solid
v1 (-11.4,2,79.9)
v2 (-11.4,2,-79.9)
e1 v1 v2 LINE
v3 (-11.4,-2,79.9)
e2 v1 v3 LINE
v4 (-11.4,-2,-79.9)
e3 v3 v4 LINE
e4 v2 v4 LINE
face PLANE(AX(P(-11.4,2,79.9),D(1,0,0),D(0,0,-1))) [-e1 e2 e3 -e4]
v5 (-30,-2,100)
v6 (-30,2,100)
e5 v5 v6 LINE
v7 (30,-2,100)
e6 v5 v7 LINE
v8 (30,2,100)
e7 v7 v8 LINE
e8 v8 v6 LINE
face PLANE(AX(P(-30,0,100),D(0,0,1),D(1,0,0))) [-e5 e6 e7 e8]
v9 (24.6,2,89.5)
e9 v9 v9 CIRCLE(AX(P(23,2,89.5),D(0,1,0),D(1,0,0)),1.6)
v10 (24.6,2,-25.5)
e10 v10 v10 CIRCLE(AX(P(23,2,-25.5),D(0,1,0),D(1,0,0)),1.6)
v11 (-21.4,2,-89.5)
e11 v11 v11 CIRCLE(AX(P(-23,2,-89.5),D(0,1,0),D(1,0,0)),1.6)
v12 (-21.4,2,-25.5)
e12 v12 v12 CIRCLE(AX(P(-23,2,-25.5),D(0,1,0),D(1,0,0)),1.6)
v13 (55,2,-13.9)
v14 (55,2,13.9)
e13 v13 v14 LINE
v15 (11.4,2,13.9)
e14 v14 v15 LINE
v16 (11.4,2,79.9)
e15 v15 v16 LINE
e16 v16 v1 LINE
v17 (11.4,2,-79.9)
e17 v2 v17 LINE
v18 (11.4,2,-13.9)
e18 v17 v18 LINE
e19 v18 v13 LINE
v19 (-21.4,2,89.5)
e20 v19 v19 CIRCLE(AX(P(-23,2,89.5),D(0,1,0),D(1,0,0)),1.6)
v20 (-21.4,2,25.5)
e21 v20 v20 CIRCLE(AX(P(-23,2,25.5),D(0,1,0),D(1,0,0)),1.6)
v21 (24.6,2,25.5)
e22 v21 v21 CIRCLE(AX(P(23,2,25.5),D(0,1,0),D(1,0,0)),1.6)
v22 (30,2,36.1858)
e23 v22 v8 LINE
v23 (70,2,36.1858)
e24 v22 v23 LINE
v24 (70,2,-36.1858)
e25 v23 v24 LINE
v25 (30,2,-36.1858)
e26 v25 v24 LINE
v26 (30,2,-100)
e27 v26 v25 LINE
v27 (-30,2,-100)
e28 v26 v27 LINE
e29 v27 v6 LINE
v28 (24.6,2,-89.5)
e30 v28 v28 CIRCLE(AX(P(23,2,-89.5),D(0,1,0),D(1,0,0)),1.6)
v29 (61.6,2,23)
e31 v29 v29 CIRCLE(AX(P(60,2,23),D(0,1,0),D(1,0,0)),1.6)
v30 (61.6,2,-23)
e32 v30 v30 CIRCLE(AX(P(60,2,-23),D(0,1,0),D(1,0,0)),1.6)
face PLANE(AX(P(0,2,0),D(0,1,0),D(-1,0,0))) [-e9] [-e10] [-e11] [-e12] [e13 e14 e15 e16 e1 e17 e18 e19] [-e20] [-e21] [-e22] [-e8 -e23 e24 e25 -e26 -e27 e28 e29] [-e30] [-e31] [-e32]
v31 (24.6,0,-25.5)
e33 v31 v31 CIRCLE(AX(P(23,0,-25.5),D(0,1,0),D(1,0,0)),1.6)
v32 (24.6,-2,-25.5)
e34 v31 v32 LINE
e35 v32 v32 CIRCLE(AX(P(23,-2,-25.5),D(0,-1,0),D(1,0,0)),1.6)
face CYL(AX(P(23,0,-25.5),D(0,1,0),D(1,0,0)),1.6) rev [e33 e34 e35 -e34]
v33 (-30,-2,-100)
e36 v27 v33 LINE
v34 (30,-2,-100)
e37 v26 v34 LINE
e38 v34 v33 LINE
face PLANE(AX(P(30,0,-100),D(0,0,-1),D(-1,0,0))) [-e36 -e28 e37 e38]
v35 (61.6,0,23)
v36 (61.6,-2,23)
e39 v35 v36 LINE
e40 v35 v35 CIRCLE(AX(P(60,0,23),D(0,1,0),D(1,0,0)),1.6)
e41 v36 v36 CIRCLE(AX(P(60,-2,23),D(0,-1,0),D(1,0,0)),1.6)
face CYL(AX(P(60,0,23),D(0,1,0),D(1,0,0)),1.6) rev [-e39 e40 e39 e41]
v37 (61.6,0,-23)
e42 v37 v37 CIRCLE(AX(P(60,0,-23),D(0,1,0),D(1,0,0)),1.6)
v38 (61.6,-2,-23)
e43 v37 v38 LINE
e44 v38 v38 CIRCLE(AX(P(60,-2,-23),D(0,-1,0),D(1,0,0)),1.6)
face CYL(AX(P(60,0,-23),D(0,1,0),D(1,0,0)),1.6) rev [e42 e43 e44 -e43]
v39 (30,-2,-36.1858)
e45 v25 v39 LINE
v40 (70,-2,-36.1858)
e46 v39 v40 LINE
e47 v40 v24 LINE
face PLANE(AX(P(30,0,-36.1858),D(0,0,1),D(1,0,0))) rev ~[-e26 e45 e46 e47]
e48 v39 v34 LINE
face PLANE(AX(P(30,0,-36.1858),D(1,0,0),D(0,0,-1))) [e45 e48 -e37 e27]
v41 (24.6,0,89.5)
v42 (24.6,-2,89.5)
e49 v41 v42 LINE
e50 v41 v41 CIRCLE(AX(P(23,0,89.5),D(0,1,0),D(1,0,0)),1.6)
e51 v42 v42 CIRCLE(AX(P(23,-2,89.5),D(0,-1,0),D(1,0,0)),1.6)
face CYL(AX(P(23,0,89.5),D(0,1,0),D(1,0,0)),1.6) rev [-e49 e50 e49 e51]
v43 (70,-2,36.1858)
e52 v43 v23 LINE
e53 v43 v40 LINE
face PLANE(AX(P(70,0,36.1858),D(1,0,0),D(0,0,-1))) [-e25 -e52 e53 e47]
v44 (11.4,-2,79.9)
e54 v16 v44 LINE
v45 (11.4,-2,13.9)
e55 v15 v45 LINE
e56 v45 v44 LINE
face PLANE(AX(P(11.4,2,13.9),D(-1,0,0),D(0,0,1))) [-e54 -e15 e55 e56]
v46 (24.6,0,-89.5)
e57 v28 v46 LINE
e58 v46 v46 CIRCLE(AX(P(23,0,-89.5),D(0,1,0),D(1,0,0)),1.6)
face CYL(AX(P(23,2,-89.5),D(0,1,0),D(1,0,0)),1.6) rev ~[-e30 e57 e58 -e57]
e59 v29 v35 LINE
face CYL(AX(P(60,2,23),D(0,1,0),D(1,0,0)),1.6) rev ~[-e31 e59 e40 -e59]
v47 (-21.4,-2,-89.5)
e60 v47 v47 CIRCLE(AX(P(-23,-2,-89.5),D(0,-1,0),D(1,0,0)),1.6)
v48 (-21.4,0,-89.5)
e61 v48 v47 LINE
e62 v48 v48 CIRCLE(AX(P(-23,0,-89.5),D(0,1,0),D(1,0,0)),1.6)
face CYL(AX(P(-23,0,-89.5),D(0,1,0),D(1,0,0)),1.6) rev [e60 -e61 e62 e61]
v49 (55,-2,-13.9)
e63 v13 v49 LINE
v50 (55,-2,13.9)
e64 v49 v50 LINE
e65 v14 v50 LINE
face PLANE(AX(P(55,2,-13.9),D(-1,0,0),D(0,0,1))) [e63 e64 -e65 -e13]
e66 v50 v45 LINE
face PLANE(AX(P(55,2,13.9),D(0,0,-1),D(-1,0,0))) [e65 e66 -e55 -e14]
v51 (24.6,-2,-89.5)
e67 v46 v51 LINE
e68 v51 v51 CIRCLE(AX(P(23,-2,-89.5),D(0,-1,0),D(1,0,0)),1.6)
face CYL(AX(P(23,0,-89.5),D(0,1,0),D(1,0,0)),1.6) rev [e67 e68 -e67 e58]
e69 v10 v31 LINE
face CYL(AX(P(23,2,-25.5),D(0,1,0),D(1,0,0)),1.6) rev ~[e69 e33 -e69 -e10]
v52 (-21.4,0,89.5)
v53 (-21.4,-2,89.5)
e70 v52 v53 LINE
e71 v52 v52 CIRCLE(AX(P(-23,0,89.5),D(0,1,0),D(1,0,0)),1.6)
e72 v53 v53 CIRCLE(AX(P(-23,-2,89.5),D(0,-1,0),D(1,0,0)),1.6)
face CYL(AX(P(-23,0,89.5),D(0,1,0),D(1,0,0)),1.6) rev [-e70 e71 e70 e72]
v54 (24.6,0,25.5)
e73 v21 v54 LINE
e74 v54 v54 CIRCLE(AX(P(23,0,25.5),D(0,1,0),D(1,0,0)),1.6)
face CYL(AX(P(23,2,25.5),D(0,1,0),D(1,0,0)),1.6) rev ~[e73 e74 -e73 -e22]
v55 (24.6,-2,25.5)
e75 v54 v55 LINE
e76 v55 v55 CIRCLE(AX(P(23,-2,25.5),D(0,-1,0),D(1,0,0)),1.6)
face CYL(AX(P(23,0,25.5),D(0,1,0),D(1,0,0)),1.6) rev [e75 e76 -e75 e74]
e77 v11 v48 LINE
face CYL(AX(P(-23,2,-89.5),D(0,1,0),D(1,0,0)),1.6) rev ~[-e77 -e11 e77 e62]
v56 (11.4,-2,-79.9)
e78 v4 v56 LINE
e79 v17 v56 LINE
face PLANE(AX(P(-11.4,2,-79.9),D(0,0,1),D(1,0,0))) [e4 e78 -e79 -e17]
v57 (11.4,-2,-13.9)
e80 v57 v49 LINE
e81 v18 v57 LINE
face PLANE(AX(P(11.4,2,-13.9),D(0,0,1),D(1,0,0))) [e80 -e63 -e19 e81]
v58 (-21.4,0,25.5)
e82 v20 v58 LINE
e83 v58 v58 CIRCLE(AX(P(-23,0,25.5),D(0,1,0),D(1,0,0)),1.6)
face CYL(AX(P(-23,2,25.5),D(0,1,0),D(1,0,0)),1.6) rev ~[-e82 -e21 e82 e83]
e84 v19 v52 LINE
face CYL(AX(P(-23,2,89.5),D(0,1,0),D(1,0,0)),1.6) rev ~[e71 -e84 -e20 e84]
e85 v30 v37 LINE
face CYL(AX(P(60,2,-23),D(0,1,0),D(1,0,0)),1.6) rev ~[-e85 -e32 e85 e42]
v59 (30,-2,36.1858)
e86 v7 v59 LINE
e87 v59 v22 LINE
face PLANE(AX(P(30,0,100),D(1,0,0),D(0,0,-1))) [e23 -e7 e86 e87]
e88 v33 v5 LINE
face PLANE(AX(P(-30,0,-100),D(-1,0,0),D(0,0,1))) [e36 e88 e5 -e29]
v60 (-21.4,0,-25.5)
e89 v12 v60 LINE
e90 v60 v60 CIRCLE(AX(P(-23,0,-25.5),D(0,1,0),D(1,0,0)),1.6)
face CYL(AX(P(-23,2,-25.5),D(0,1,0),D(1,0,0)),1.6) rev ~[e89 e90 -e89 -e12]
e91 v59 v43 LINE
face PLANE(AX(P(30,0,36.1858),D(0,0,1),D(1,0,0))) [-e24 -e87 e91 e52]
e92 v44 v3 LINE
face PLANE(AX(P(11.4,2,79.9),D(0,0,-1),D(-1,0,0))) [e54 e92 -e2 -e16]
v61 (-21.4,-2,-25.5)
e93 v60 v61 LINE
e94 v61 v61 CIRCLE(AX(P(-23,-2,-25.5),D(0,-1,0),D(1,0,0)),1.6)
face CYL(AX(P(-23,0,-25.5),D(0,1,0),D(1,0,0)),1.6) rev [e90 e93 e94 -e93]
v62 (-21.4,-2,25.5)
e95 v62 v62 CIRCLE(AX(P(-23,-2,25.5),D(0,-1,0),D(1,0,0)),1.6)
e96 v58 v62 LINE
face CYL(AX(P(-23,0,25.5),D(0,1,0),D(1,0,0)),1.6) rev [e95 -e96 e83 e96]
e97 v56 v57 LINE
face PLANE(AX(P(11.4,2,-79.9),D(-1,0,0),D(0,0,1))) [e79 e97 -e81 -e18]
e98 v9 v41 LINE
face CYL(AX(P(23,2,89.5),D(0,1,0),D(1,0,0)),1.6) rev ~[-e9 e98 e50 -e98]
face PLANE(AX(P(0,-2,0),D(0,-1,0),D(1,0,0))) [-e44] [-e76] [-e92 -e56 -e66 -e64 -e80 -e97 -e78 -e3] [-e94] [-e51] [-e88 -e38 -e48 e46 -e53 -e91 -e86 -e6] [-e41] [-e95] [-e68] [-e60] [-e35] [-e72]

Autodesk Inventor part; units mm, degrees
ref_plane "YZ Plane" through (0, 0, 0) normal (1, 0, 0) x (0, 1, 0)
ref_plane "XZ Plane" through (0, 0, 0) normal (0, 1, 0) x (-1, 0, 0)
ref_plane "XY Plane" through (0, 0, 0) normal (0, 0, 1) x (1, 0, 0)
sketch "Skizze1" plane through (0, 0, 0) normal (0, 1, 0) x (-1, 0, 0)
  line L0 (-30, 100) -> (30, 100)
  line L1 (30, 100) -> (30, -100)
  line L2 (30, -100) -> (-30, -100)
  line L3 (-30, -100) -> (-30, 100)
  line L4 (-30, 100) -> (30, -100) construction
  line L5 (30, 100) -> (-30, -100) construction
  line L6 (0, -140) -> (0, 140) projected
  line L7 (-42, 0) -> (42, 0) projected
  point P0 (0, 0)
  point P1 (0, 0)
  dimension "d0" = 60
  dimension "d1" = 200
extrude "Extrusion1" add sketch "Skizze1" along normal blind 2
sketch "Skizze3" plane through (30, 0, 100) normal (1, 0, 0) x (0, 0, -1)
  line L0 (200, 2) -> (0, 2) projected
  line L1 (200, 0) -> (0, 0) projected
  line L2 (63.8142, 2) -> (136.1858, 2)
  line L3 (136.1858, 2) -> (136.1858, 0)
  line L4 (136.1858, 0) -> (63.8142, 0)
  line L5 (63.8142, 0) -> (63.8142, 2)
  line L6 (100, -0.4) -> (100, 2.4) projected
  point P0 (100, 0)
extrude "Extrusion3" add sketch "Skizze3" along normal blind 40
sketch "Skizze2" plane through (0, 2, 0) normal (0, 1, 0) x (1, 0, 0)
  line L0 (0, 140) -> (0, -140) projected
  line L1 (90, 0) -> (-50, 0) projected
  circle A0 centre (-23, 89.5) radius 1.6
  circle A1 centre (23, 89.5) radius 1.6
  line L2 (30, 100) -> (-30, 100) projected
  circle A2 centre (-23, 25.5) radius 1.6
  circle A3 centre (23, 25.5) radius 1.6
  circle A4 centre (-23, -89.5) radius 1.6
  circle A5 centre (23, -89.5) radius 1.6
  circle A6 centre (-23, -25.5) radius 1.6
  circle A7 centre (23, -25.5) radius 1.6
  line L3 (25, 83.9) -> (25, 31.1)
  line L4 (-25, 31.1) -> (-25, 83.9)
  line L5 (-30, 100) -> (-30, -100) projected
  line L6 (30, -100) -> (30, 100) projected
  line L7 (-17.4, 96) -> (17.4, 96)
  line L8 (17.4, 96) -> (17.4, 83.9)
  line L9 (-17.4, 83.9) -> (-17.4, 96)
  line L10 (-25, 83.9) -> (-17.4, 83.9)
  line L11 (17.4, 83.9) -> (25, 83.9)
  line L12 (17.4, -96) -> (-17.4, -96)
  line L13 (25, 31.1) -> (17.4, 31.1)
  line L14 (-17.4, 31.1) -> (-25, 31.1)
  line L15 (-30, -100) -> (30, -100) projected
  line L16 (-17.4, -31.1) -> (-26, -31.1)
  line L17 (-26, -31.1) -> (-26, -83.9)
  line L18 (-26, -83.9) -> (-17.4, -83.9)
  line L19 (17.4, -31.1) -> (26, -31.1)
  line L20 (26, -31.1) -> (26, -83.9)
  line L21 (26, -83.9) -> (17.4, -83.9)
  line L22 (-17.4, 19.9) -> (-26, 19.9)
  line L23 (-26, 19.9) -> (-26, -19.9)
  line L24 (-26, -19.9) -> (-17.4, -19.9)
  line L25 (17.4, 19.9) -> (26, 19.9)
  line L26 (26, 19.9) -> (26, -19.9)
  line L27 (26, -19.9) -> (17.4, -19.9)
  line L28 (-17.4, 19.9) -> (-17.4, 31.1)
  line L29 (17.4, 31.1) -> (17.4, 19.9)
  line L30 (17.4, -19.9) -> (17.4, -31.1)
  line L31 (17.4, -83.9) -> (17.4, -96)
  line L32 (-17.4, -96) -> (-17.4, -83.9)
  line L33 (-17.4, -31.1) -> (-17.4, -19.9)
  circle A8 centre (60, 23) radius 1.6
  circle A9 centre (60, -23) radius 1.6
  line L34 (30, 32.1858) -> (54.4, 32.1858)
  line L35 (54.4, -32.1858) -> (30, -32.1858)
  line L36 (30, -32.1858) -> (30, 32.1858)
  line L37 (30, -36.1858) -> (70, -36.1858) projected
  line L38 (30, 36.1858) -> (70, 36.1858) projected
  line L39 (54.4, 17.4) -> (66, 17.4)
  line L40 (66, 17.4) -> (66, -17.4)
  line L41 (66, -17.4) -> (54.4, -17.4)
  line L42 (70, 36.1858) -> (70, -36.1858) projected
  line L43 (54.4, 32.1858) -> (66, 32.1858)
  line L44 (66, 32.1858) -> (66, 28.6)
  line L45 (66, 28.6) -> (54.4, 28.6)
  line L46 (54.4, -28.6) -> (66, -28.6)
  line L47 (66, -28.6) -> (66, -32.1858)
  line L48 (66, -32.1858) -> (54.4, -32.1858)
  line L49 (54.4, 28.6) -> (54.4, 17.4)
  line L50 (54.4, -17.4) -> (54.4, -28.6)
  point P0 (0, 0)
  dimension "d2" = 2
  dimension "d4" = 3.2
  dimension "d5" = 3.2
  dimension "d6" = 10.5
  dimension "d7" = 10.5
  dimension "d8" = 23
  dimension "d9" = 23
  dimension "d10" = 3.2
  dimension "d11" = 3.2
  dimension "d12" = 23
  dimension "d13" = 23
  dimension "d14" = 25.5
  dimension "d15" = 25.5
  dimension "d16" = 5
  dimension "d17" = 5
  dimension "d23" = 4
  dimension "d24" = 4
  dimension "d25" = 4
  dimension "d26" = 4
  dimension "d27" = 4
  dimension "d30" = 4
  dimension "d31" = 4
  dimension "d33" = 4
  dimension "d34" = 4
  dimension "d35" = 4
  dimension "d36" = 4
  dimension "d37" = 4
  dimension "d38" = 4
  dimension "d39" = 4
  dimension "d40" = 4
  dimension "d41" = 4
  dimension "d42" = 4
  dimension "d43" = 4
  dimension "d44" = 4
  dimension "d45" = 4
  dimension "d48" = 12.6
  dimension "d49" = 12.6
  dimension "d50" = 12.6
  dimension "d51" = 12.6
  dimension "d52" = 12.6
  dimension "d53" = 12.6
  dimension "d58" = 3.2
  dimension "d59" = 3.2
  dimension "d60" = 23
  dimension "d61" = 23
  dimension "d64" = 37
  dimension "d65" = 37
  dimension "d66" = 4
  dimension "d68" = 4
  dimension "d69" = 4
  dimension "d70" = 4
  dimension "d71" = 4
  dimension "d72" = 4
  dimension "d73" = 4
  dimension "d74" = 4
  dimension "d75" = 4
  dimension "d76" = 4
  dimension "d77" = 15.6
  dimension "d78" = 15.6
extrude "Extrusion2" cut sketch "Skizze2" against normal up to surface (2 mm away) contours A0 | A1 | A2 | A3 | A4 | A5 | A6 | A7 | A8 | A9
sketch "Skizze4" plane through (0, 0, 0) normal (0, -1, 0) x (1, 0, 0)
  circle A0 centre (-23, -89.5) radius 1.6 projected
  circle A1 centre (60, -23) radius 1.6 projected
  circle A2 centre (23, -25.5) radius 1.6 projected
  circle A3 centre (-23, 89.5) radius 1.6 projected
  circle A4 centre (23, 25.5) radius 1.6 projected
  circle A5 centre (23, -89.5) radius 1.6 projected
  circle A6 centre (60, 23) radius 1.6 projected
  circle A7 centre (-23, -25.5) radius 1.6 projected
  circle A8 centre (23, 89.5) radius 1.6 projected
  circle A9 centre (-23, 25.5) radius 1.6 projected
  line L0 (-30, -100) -> (-30, 100) projected
  line L1 (30, -100) -> (-30, -100) projected
  line L2 (30, -36.1858) -> (30, -100) projected
  line L3 (30, -36.1858) -> (70, -36.1858) projected
  line L4 (70, 36.1858) -> (70, -36.1858) projected
  line L5 (30, 36.1858) -> (70, 36.1858) projected
  line L6 (30, 100) -> (30, 36.1858) projected
  line L7 (-30, 100) -> (30, 100) projected
  point P0 (0, 0)
extrude "Extrusion4" add sketch "Skizze4" along normal blind 2
sketch "Skizze5" plane through (0, 2, 0) normal (0, 1, 0) x (1, 0, 0)
  line L0 (-11.4, 79.9) -> (11.4, 79.9)
  line L1 (11.4, -79.9) -> (-11.4, -79.9)
  line L2 (-11.4, -79.9) -> (-11.4, 79.9)
  circle A0 centre (-23, 25.5) radius 1.6 projected
  circle A1 centre (23, 25.5) radius 1.6 projected
  circle A2 centre (23, 89.5) radius 1.6 projected
  circle A3 centre (-23, -89.5) radius 1.6 projected
  line L3 (11.4, 13.9) -> (55, 13.9)
  line L4 (55, 13.9) -> (55, -13.9)
  line L5 (55, -13.9) -> (11.4, -13.9)
  line L6 (70, 36.1858) -> (70, -36.1858) projected
  circle A4 centre (23, -25.5) radius 1.6 projected
  line L7 (11.4, 79.9) -> (11.4, 13.9)
  line L8 (11.4, -13.9) -> (11.4, -79.9)
  line L9 (30, 36.1858) -> (30, 100) projected
  line L10 (30, -100) -> (30, -36.1858) projected
  point P0 (0, 0)
  dimension "d81" = 10
  dimension "d83" = 8
  dimension "d84" = 8
  dimension "d85" = 15
  dimension "d86" = 10
  dimension "d87" = 10
  dimension "d88" = 18.6
  dimension "d89" = 18.6
extrude "Extrusion5" cut sketch "Skizze5" against normal up to surface (4 mm away) contours L0 L7 L3 L4 L5 L8 L1 L2
properties part number "_3D-Druck"
